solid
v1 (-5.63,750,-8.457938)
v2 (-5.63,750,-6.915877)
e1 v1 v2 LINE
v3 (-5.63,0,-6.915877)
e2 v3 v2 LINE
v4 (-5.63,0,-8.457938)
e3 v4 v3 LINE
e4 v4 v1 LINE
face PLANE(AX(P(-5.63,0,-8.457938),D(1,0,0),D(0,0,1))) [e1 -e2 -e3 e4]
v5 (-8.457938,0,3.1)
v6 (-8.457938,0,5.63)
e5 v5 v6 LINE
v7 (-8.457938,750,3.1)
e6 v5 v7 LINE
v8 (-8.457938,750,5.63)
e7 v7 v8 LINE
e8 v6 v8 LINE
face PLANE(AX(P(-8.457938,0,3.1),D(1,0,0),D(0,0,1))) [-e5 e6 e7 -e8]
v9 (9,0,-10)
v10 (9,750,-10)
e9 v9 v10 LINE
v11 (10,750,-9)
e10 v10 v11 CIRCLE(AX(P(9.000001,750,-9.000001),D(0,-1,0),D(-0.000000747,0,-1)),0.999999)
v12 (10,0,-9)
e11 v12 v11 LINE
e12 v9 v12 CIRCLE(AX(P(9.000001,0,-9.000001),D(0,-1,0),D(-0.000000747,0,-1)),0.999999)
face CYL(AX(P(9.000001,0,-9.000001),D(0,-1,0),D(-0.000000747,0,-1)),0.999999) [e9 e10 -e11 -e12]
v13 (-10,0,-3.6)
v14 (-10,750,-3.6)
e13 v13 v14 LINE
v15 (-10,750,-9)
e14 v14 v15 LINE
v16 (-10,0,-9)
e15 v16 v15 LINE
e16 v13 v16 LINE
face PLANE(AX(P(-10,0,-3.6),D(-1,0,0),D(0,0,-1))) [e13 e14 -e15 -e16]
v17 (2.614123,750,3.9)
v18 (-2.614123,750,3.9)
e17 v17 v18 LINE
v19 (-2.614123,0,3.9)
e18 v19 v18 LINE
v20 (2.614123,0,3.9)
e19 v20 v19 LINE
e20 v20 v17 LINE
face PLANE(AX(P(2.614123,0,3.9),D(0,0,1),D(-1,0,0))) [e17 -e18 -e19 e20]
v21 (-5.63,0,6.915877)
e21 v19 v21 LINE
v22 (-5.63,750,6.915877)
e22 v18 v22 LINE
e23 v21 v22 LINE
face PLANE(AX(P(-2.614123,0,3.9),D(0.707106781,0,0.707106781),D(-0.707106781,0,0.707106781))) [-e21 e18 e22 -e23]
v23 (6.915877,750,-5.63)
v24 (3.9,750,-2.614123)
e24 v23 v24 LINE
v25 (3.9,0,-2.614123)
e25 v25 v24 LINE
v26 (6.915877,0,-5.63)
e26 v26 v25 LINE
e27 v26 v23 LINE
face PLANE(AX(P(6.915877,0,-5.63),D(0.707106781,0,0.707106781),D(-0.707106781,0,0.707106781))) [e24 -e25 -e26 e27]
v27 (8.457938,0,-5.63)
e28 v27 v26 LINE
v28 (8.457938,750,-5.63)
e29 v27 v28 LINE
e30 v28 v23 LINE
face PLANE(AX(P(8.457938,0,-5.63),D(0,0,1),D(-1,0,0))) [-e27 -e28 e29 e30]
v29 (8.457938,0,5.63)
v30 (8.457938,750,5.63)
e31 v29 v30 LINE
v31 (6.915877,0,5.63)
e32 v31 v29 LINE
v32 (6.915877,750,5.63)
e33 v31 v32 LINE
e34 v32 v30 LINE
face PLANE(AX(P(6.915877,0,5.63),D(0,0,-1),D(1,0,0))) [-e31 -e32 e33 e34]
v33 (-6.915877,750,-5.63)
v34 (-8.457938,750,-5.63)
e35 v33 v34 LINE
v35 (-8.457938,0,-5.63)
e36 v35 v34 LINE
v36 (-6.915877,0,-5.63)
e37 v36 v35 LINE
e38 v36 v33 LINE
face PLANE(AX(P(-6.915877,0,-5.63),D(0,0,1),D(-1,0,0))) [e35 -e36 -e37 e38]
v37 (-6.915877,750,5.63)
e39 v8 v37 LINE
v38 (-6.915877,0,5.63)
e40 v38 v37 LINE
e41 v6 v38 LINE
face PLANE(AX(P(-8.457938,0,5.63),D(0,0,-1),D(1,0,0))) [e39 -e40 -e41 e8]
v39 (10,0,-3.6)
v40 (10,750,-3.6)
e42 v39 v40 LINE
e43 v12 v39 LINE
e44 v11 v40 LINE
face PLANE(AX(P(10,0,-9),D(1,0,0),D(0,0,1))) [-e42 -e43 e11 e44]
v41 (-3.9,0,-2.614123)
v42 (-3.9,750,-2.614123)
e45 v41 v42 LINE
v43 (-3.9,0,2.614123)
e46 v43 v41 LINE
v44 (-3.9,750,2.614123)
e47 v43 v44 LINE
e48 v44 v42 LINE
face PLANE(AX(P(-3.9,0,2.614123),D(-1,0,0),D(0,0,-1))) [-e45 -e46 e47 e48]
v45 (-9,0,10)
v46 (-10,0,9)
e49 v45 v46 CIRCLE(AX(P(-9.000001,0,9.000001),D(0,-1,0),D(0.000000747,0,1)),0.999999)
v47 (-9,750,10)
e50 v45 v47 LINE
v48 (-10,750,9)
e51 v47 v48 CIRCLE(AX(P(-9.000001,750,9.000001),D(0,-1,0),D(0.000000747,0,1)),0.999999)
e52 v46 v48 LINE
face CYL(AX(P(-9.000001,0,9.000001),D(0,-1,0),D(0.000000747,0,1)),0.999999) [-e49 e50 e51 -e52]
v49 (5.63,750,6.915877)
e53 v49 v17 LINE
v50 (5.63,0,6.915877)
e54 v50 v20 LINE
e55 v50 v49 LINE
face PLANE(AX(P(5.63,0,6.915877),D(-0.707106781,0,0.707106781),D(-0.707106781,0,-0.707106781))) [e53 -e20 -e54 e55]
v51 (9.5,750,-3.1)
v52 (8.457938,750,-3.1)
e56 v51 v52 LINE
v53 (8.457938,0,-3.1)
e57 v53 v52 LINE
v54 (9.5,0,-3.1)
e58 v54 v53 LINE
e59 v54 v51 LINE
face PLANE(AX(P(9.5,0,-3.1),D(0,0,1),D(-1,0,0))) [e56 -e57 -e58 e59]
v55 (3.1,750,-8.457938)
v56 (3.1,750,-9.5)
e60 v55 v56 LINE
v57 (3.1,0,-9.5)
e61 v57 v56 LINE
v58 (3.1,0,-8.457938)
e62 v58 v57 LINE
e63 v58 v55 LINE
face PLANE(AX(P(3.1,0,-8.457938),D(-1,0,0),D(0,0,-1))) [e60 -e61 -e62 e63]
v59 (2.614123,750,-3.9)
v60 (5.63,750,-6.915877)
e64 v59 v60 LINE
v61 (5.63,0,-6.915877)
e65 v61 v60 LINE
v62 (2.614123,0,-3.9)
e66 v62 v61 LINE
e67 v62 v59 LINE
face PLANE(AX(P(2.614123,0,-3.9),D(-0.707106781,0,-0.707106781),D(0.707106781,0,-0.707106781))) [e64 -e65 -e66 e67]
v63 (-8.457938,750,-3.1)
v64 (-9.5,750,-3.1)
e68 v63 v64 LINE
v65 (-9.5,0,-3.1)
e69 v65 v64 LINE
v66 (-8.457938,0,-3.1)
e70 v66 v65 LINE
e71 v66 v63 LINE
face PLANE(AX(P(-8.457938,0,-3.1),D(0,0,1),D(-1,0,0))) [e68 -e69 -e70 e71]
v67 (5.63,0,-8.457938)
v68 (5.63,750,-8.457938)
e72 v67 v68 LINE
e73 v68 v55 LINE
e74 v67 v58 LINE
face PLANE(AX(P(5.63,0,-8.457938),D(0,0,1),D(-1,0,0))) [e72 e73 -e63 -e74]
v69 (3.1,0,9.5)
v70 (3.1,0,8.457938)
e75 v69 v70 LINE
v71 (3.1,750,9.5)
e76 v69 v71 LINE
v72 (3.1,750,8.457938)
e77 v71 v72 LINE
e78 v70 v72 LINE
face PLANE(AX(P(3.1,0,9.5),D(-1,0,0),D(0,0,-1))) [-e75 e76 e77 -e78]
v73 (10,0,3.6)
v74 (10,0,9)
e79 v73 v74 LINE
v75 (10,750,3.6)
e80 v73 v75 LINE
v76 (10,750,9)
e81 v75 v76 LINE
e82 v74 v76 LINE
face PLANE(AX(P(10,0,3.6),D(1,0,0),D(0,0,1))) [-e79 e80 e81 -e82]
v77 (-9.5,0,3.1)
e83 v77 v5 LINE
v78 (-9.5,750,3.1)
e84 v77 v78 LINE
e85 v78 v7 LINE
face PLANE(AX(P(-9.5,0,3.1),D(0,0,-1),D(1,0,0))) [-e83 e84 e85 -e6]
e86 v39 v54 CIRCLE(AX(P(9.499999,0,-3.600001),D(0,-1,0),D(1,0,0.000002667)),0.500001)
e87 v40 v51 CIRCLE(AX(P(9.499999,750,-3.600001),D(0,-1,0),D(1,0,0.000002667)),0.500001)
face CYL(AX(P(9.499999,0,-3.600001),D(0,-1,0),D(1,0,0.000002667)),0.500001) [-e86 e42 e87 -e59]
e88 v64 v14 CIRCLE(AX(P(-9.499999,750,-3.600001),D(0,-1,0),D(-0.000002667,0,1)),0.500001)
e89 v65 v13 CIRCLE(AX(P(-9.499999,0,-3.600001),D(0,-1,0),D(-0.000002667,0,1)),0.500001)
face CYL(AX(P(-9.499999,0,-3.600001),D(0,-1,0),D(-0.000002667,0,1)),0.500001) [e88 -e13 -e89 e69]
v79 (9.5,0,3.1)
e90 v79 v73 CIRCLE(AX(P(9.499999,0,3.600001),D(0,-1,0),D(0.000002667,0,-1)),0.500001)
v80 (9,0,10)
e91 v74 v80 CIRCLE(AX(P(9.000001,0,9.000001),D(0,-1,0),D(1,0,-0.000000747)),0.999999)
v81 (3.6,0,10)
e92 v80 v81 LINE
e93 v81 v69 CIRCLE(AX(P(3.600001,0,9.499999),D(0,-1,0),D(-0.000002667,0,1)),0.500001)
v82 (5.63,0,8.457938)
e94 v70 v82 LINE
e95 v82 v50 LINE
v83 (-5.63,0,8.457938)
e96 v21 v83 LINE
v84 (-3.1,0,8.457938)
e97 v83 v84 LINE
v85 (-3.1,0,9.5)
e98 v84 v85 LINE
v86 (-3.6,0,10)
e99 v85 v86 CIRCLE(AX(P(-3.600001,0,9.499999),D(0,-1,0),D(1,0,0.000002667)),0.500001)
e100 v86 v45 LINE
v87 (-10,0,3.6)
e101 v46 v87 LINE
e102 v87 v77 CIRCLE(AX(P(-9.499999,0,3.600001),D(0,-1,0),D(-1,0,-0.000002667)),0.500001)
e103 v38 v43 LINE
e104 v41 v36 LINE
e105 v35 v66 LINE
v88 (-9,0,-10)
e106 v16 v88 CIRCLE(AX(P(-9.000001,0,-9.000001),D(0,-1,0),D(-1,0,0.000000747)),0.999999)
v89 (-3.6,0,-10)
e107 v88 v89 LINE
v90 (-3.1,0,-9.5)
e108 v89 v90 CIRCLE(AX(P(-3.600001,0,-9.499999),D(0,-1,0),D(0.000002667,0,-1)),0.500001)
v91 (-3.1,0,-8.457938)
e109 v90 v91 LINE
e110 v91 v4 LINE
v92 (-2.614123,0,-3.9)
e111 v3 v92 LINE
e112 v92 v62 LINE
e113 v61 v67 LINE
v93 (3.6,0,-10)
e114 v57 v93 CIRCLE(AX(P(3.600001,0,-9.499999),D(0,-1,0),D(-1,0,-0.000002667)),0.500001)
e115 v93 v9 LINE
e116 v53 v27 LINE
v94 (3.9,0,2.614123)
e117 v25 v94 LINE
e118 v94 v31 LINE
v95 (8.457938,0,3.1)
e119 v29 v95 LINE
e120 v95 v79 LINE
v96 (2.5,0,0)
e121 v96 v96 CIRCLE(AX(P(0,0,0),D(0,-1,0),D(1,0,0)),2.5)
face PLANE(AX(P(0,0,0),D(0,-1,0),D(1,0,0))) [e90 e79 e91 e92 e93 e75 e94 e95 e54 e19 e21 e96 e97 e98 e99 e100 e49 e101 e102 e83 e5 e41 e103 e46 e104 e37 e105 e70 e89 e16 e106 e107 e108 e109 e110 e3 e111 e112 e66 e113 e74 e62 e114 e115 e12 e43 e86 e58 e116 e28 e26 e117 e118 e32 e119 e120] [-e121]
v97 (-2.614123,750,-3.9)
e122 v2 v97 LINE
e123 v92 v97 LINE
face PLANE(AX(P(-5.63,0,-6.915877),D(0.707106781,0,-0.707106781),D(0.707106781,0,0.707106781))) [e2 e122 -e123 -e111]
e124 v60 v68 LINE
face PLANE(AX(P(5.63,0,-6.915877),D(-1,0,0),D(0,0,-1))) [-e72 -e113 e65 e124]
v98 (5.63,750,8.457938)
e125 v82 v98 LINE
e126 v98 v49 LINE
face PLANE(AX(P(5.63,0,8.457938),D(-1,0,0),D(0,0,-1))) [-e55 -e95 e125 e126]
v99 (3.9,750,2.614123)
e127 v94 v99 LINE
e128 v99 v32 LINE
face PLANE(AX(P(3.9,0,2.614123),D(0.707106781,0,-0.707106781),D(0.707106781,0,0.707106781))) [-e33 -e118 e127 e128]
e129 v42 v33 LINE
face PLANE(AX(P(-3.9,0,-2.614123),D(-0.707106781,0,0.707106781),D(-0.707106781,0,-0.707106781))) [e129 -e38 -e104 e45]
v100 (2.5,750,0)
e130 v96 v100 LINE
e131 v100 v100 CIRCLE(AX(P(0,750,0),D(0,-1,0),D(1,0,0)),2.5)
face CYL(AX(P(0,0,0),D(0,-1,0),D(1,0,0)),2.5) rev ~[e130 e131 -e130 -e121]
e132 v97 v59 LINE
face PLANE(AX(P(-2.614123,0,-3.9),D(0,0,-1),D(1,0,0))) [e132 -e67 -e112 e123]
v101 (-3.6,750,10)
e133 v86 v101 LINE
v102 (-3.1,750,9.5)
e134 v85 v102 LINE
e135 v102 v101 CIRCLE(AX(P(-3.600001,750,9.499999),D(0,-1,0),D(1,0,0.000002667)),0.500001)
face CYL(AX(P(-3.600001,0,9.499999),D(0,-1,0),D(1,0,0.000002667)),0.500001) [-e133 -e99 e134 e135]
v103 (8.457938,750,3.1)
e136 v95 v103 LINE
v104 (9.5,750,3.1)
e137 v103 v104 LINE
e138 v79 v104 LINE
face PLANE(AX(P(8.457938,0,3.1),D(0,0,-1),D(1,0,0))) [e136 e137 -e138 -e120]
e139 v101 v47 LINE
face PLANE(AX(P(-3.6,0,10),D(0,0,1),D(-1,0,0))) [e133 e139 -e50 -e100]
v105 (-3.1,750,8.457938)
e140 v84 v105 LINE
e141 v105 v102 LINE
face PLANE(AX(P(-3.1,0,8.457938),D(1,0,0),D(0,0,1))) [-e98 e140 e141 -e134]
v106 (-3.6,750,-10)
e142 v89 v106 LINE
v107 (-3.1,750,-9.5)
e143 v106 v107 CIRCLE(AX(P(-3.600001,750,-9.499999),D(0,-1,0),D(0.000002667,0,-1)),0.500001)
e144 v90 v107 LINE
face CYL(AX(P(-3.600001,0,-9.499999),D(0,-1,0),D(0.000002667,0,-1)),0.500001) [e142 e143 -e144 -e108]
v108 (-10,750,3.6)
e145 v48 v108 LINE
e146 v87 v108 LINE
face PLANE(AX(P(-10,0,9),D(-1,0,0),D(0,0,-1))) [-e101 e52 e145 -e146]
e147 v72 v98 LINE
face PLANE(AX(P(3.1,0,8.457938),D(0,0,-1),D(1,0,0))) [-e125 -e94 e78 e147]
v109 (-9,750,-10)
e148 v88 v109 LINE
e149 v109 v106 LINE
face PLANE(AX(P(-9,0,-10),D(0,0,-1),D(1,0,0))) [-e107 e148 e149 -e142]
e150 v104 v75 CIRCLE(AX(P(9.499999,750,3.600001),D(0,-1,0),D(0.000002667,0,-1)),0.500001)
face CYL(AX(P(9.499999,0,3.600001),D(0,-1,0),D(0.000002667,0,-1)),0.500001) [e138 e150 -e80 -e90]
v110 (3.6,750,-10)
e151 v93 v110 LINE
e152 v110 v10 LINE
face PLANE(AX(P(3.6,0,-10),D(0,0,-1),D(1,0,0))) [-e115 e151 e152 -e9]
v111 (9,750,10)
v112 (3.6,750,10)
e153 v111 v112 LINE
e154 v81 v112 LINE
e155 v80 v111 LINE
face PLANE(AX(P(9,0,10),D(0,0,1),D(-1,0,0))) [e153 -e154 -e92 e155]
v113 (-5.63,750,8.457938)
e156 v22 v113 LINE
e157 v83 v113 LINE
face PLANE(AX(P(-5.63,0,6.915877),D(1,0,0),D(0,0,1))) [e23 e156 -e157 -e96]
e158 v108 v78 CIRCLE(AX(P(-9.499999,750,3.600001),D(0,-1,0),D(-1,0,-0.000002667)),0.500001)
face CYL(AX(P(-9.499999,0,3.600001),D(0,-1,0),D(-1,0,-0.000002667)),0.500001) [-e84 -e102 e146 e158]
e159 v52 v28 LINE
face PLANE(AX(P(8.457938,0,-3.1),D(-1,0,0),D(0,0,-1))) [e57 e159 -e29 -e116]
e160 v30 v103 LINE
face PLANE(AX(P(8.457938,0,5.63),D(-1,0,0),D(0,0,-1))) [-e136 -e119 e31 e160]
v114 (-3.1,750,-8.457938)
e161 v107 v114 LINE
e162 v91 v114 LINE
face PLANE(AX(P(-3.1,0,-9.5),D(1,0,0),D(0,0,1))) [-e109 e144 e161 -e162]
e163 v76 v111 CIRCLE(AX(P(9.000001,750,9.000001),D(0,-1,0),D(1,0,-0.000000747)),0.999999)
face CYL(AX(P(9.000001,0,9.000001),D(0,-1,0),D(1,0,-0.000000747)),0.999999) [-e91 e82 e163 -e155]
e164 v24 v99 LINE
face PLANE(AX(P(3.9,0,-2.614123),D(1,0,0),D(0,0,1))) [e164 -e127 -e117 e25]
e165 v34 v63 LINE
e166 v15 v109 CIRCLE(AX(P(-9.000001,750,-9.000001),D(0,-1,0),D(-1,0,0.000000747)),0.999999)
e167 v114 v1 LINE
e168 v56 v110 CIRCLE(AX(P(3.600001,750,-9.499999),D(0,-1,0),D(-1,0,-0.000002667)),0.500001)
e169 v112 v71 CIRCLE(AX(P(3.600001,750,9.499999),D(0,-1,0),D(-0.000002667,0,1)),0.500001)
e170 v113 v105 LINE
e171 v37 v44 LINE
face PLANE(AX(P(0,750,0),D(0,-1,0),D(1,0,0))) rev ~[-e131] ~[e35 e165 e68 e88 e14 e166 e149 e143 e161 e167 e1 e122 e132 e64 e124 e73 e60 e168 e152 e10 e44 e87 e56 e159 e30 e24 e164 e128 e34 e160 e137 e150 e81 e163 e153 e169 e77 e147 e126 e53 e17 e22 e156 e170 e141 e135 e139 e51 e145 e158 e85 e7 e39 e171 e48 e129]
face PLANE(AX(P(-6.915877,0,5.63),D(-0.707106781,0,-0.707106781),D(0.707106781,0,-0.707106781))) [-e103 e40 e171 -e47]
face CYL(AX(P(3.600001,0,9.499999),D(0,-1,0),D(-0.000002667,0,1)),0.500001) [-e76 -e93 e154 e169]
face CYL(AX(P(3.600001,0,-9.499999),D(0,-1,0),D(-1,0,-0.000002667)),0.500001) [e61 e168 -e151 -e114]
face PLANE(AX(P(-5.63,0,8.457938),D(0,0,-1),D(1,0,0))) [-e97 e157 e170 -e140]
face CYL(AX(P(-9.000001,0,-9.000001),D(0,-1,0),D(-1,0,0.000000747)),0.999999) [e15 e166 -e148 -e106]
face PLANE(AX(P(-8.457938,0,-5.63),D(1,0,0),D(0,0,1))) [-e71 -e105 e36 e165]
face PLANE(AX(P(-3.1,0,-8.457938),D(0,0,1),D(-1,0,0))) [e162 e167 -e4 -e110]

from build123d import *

# Parameters (mm, degrees)
F0_R     = 2.5
F1_DEPTH = 750


with BuildPart() as f1:
    # F0 (on Front) → F1 (new body)
    with BuildSketch(Plane.XZ):
        with BuildLine():
            ThreePointArc((-3.1, 9.5), (-3.246447, 9.853553), (-3.6, 10))
            Line((-3.6, 10), (-9, 10))
            ThreePointArc((-9, 10), (-9.707107, 9.707107), (-10, 9))
            Line((-10, 9), (-10, 3.6))
            ThreePointArc((-10, 3.6), (-9.853553, 3.246447), (-9.5, 3.1))
            Line((-9.5, 3.1), (-8.457938, 3.1))
            Line((-8.457938, 3.1), (-8.457938, 5.63))
            Line((-8.457938, 5.63), (-6.915877, 5.63))
            Line((-6.915877, 5.63), (-3.9, 2.614123))
            Line((-3.9, 2.614123), (-3.9, -2.614123))
            Line((-3.9, -2.614123), (-6.915877, -5.63))
            Line((-6.915877, -5.63), (-8.457938, -5.63))
            Line((-8.457938, -5.63), (-8.457938, -3.1))
            Line((-8.457938, -3.1), (-9.5, -3.1))
            ThreePointArc((-9.5, -3.1), (-9.853553, -3.246447), (-10, -3.6))
            Line((-10, -3.6), (-10, -9))
            ThreePointArc((-10, -9), (-9.707107, -9.707107), (-9, -10))
            Line((-9, -10), (-3.6, -10))
            ThreePointArc((-3.6, -10), (-3.246447, -9.853553), (-3.1, -9.5))
            Line((-3.1, -9.5), (-3.1, -8.457938))
            Line((-3.1, -8.457938), (-5.63, -8.457938))
            Line((-5.63, -8.457938), (-5.63, -6.915877))
            Line((-5.63, -6.915877), (-2.614123, -3.9))
            Line((-2.614123, -3.9), (2.614123, -3.9))
            Line((2.614123, -3.9), (5.63, -6.915877))
            Line((5.63, -6.915877), (5.63, -8.457938))
            Line((5.63, -8.457938), (3.1, -8.457938))
            Line((3.1, -8.457938), (3.1, -9.5))
            ThreePointArc((3.1, -9.5), (3.246447, -9.853553), (3.6, -10))
            Line((3.6, -10), (9, -10))
            ThreePointArc((9, -10), (9.707107, -9.707107), (10, -9))
            Line((10, -9), (10, -3.6))
            ThreePointArc((10, -3.6), (9.853553, -3.246447), (9.5, -3.1))
            Line((9.5, -3.1), (8.457938, -3.1))
            Line((8.457938, -3.1), (8.457938, -5.63))
            Line((8.457938, -5.63), (6.915877, -5.63))
            Line((6.915877, -5.63), (3.9, -2.614123))
            Line((3.9, -2.614123), (3.9, 2.614123))
            Line((3.9, 2.614123), (6.915877, 5.63))
            Line((6.915877, 5.63), (8.457938, 5.63))
            Line((8.457938, 5.63), (8.457938, 3.1))
            Line((8.457938, 3.1), (9.5, 3.1))
            ThreePointArc((9.5, 3.1), (9.853553, 3.246447), (10, 3.6))
            Line((10, 3.6), (10, 9))
            ThreePointArc((10, 9), (9.707107, 9.707107), (9, 10))
            Line((9, 10), (3.6, 10))
            ThreePointArc((3.6, 10), (3.246447, 9.853553), (3.1, 9.5))
            Line((3.1, 9.5), (3.1, 8.457938))
            Line((3.1, 8.457938), (5.63, 8.457938))
            Line((5.63, 8.457938), (5.63, 6.915877))
            Line((5.63, 6.915877), (2.614123, 3.9))
            Line((2.614123, 3.9), (-2.614123, 3.9))
            Line((-2.614123, 3.9), (-5.63, 6.915877))
            Line((-5.63, 6.915877), (-5.63, 8.457938))
            Line((-5.63, 8.457938), (-3.1, 8.457938))
            Line((-3.1, 8.457938), (-3.1, 9.5))
        make_face()
        Circle(F0_R, mode=Mode.SUBTRACT)
    extrude(amount=-F1_DEPTH)


solid = f1.part
